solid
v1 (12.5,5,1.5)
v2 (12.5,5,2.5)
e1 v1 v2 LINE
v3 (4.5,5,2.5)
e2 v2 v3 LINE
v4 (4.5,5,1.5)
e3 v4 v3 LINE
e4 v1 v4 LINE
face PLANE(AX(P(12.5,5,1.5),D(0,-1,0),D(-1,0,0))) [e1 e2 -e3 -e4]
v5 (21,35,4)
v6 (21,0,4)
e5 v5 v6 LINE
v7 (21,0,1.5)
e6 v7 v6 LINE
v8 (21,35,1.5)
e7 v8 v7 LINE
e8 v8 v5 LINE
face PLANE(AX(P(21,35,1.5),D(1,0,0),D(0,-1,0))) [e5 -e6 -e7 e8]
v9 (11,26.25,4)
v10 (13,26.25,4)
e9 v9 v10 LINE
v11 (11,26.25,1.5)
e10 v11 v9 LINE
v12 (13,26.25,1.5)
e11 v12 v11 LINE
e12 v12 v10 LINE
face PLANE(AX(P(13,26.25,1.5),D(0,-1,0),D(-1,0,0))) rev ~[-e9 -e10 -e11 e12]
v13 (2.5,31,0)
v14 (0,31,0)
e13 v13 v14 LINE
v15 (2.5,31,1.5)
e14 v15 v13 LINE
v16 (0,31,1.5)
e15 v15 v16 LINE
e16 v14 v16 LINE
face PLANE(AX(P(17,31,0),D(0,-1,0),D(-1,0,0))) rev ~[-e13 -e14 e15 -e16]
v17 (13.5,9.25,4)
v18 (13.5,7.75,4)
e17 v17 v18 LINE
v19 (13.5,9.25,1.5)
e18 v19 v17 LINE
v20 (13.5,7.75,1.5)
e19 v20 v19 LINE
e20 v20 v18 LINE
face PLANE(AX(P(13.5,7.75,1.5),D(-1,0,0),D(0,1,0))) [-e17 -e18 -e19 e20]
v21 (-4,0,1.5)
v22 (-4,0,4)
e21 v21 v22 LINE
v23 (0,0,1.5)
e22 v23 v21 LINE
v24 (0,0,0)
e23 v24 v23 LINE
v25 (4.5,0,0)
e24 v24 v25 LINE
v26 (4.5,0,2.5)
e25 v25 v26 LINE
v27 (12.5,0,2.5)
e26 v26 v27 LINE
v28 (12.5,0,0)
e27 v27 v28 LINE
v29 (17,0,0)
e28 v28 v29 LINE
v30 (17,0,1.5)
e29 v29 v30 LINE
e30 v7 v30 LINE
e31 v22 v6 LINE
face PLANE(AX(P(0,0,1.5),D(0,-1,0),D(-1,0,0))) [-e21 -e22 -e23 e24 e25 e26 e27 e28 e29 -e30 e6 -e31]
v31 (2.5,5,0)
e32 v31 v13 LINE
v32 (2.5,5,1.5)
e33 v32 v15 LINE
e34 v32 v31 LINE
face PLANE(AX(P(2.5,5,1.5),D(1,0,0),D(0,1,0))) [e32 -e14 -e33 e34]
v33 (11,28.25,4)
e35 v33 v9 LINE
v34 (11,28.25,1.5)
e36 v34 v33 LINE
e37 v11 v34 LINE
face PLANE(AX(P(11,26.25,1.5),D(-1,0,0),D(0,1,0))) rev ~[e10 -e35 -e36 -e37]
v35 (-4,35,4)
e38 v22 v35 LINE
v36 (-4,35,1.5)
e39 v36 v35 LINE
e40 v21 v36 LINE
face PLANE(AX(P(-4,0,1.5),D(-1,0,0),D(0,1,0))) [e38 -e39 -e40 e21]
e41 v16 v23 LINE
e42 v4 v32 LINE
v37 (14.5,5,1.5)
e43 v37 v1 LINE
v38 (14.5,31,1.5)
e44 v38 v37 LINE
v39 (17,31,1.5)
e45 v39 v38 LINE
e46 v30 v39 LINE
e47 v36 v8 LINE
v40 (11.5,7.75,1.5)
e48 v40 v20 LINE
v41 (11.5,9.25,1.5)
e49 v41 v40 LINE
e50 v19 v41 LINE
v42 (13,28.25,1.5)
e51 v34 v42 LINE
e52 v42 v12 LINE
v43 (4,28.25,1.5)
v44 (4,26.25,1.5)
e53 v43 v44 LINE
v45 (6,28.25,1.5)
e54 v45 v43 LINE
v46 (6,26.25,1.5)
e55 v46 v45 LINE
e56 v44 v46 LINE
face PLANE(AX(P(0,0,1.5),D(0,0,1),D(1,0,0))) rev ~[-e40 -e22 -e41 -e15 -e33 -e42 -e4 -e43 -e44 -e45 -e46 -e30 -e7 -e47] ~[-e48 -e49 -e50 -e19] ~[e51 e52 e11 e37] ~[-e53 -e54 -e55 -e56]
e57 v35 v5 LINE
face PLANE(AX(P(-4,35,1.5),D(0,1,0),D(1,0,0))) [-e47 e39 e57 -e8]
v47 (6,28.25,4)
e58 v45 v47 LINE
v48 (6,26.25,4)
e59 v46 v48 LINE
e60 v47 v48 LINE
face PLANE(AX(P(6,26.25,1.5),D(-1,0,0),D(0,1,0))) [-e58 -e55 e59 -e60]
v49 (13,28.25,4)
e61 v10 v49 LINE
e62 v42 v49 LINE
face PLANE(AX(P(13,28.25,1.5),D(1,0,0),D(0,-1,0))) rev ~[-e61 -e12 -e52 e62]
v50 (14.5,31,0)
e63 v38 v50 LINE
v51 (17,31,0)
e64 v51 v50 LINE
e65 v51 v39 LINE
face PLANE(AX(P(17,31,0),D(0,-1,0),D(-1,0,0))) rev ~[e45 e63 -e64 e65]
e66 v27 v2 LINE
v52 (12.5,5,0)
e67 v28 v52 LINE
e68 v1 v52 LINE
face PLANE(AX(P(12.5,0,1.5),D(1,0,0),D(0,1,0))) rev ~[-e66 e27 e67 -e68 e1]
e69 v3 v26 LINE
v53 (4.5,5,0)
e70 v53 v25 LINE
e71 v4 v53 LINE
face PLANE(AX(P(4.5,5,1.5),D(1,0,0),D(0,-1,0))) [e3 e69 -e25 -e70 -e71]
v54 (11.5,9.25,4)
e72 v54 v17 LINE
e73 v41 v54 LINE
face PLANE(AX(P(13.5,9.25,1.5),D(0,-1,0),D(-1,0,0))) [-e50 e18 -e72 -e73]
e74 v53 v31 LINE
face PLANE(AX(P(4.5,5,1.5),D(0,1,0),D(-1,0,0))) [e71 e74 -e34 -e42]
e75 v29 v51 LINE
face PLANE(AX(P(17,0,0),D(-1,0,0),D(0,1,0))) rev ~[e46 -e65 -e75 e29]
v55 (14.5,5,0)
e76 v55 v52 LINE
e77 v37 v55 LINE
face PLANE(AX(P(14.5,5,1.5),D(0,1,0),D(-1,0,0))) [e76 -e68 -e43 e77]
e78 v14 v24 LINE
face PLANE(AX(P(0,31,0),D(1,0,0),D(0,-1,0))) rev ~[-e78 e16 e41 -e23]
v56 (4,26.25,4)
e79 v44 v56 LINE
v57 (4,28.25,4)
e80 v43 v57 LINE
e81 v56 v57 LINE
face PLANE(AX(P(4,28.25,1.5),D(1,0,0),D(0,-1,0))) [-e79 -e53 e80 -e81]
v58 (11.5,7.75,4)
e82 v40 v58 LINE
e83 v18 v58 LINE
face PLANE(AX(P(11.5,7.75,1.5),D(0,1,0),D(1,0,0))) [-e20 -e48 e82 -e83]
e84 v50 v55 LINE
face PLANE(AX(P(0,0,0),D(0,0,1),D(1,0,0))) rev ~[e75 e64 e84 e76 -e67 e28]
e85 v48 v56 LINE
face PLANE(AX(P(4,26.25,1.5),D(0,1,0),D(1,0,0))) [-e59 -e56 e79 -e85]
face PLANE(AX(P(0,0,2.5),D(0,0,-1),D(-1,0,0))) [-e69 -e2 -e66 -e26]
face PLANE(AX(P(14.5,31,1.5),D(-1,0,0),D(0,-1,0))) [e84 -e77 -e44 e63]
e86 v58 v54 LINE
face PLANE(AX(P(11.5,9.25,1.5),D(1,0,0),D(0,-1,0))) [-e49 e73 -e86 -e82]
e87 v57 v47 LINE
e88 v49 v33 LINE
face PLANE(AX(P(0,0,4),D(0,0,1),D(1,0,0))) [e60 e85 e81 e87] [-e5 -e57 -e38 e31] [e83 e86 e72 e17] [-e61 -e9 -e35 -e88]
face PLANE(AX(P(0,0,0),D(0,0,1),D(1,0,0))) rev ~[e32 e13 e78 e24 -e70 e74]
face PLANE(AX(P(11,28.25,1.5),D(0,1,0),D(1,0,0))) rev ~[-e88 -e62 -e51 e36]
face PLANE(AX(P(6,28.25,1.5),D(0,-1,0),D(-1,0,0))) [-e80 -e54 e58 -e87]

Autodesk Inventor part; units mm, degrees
ref_plane "YZ Plane" through (0, 0, 0) normal (1, 0, 0) x (0, 1, 0)
ref_plane "XZ Plane" through (0, 0, 0) normal (0, 1, 0) x (-1, 0, 0)
ref_plane "XY Plane" through (0, 0, 0) normal (0, 0, 1) x (1, 0, 0)
sketch "Sketch1" plane through (0, 0, 0) normal (0, 0, 1) x (1, 0, 0)
  line L0 (0, 0) -> (17, 0)
  line L1 (17, 0) -> (17, 31)
  line L2 (17, 31) -> (0, 31)
  line L3 (0, 31) -> (0, 0)
  dimension "d0" = 17
  dimension "d1" = 31
extrude "Extrusion1" add sketch "Sketch1" along normal blind 1.5
sketch "Sketch2" plane through (0, 0, 1.5) normal (0, 0, 1) x (1, 0, 0)
  line L0 (17, 31) -> (0, 31) projected
  line L1 (2.5, 31) -> (14.5, 31)
  line L2 (14.5, 31) -> (14.5, 5)
  line L3 (14.5, 5) -> (2.5, 5)
  line L4 (2.5, 5) -> (2.5, 31)
  line L5 (0, 0) -> (17, 0) projected
  line L6 (4.5, 0) -> (12.5, 0)
  line L7 (12.5, 0) -> (12.5, 5)
  line L8 (12.5, 5) -> (4.5, 5)
  line L9 (4.5, 5) -> (4.5, 0)
  line L10 (0, 31) -> (0, 0) projected
  point P0 (4.5, 5)
  dimension "d4" = 12
  dimension "d5" = 8
  dimension "d6" = 5
  dimension "d7" = 17
  dimension "d8" = 2.5
  dimension "d9" = 4.5
extrude "Extrusion2" cut sketch "Sketch2" against normal up to surface (1.5 mm away) contours L2 L3 L4 L0 | L7 L5 L9 L3
sketch "Sketch3" plane through (0, 0, 1.5) normal (0, 0, 1) x (1, 0, 0)
  line L0 (-4, 35) -> (21, 35)
  line L1 (21, 35) -> (21, 0)
  line L2 (21, 0) -> (-4, 0)
  line L3 (-4, 0) -> (-4, 35)
  line L4 (2.5, 31) -> (0, 31) projected
  line L5 (0, 31) -> (0, 0) projected
  line L6 (17, 0) -> (17, 31) projected
  line L7 (0, 0) -> (4.5, 0) projected
  dimension "d12" = 4
  dimension "d13" = 4
  dimension "d14" = 4
extrude "Extrusion3" add sketch "Sketch3" along normal blind 2.5
sketch "Sketch4" plane through (0, 0, 1.5) normal (0, 0, -1) x (-1, 0, 0)
  line L0 (0, 0) -> (-4.5, 0) projected
  line L1 (-4.5, 0) -> (-12.5, 0)
  line L2 (-12.5, 0) -> (-12.5, 5)
  line L3 (-12.5, 5) -> (-4.5, 5)
  line L4 (-4.5, 5) -> (-4.5, 0)
extrude "Extrusion4" cut sketch "Sketch4" against normal blind 1
sketch "Sketch5" plane through (0, 0, 1.5) normal (0, 0, -1) x (-1, 0, 0)
  line L0 (-11.5, 7.75) -> (-13.5, 7.75)
  line L1 (-13.5, 7.75) -> (-13.5, 9.25)
  line L2 (-13.5, 9.25) -> (-11.5, 9.25)
  line L3 (-11.5, 9.25) -> (-11.5, 7.75)
  line L4 (-12.5, 5) -> (-4.5, 5) projected
  line L5 (-4.5, 5) -> (-4.5, 0) projected
  line L6 (-12.5, 0) -> (-12.5, 5) projected
  point P0 (0, 0)
  dimension "d19" = 2
  dimension "d20" = 1.5
  dimension "d21" = 2.75
  dimension "d25" = 1
extrude "Extrusion5" cut sketch "Sketch5" against normal through all
sketch "Sketch6" plane through (0, 0, 1.5) normal (0, 0, -1) x (-1, 0, 0)
  line L0 (-4, 26.25) -> (-6, 26.25)
  line L1 (-6, 26.25) -> (-6, 28.25)
  line L2 (-6, 28.25) -> (-4, 28.25)
  line L3 (-4, 28.25) -> (-4, 26.25)
  line L4 (-2.5, 31) -> (0, 31) projected
  line L5 (-2.5, 5) -> (-2.5, 31) projected
  line L6 (0, 31) -> (0, 0) projected
  line L7 (-12.5, 5) -> (-4.5, 5) projected
  line L8 (-8.5, 5) -> (-8.5, 35)
  line L9 (-21, 35) -> (4, 35) projected
  line L10 (-13, 26.25) -> (-11, 26.25)
  line L11 (-11, 26.25) -> (-11, 28.25)
  line L12 (-11, 28.25) -> (-13, 28.25)
  line L13 (-13, 28.25) -> (-13, 26.25)
  dimension "d26" = 2.75
  dimension "d27" = 2
  dimension "d28" = 2
  dimension "d30" = 4
extrude "Extrusion6" cut sketch "Sketch6" against normal through all
equation "\"d8\" = -0.5 * d4 + 0.5 * d7"
equation "\"d9\" = -0.5 * d5 + 0.5 * d7"
properties part number "ds input capture cover v1"
